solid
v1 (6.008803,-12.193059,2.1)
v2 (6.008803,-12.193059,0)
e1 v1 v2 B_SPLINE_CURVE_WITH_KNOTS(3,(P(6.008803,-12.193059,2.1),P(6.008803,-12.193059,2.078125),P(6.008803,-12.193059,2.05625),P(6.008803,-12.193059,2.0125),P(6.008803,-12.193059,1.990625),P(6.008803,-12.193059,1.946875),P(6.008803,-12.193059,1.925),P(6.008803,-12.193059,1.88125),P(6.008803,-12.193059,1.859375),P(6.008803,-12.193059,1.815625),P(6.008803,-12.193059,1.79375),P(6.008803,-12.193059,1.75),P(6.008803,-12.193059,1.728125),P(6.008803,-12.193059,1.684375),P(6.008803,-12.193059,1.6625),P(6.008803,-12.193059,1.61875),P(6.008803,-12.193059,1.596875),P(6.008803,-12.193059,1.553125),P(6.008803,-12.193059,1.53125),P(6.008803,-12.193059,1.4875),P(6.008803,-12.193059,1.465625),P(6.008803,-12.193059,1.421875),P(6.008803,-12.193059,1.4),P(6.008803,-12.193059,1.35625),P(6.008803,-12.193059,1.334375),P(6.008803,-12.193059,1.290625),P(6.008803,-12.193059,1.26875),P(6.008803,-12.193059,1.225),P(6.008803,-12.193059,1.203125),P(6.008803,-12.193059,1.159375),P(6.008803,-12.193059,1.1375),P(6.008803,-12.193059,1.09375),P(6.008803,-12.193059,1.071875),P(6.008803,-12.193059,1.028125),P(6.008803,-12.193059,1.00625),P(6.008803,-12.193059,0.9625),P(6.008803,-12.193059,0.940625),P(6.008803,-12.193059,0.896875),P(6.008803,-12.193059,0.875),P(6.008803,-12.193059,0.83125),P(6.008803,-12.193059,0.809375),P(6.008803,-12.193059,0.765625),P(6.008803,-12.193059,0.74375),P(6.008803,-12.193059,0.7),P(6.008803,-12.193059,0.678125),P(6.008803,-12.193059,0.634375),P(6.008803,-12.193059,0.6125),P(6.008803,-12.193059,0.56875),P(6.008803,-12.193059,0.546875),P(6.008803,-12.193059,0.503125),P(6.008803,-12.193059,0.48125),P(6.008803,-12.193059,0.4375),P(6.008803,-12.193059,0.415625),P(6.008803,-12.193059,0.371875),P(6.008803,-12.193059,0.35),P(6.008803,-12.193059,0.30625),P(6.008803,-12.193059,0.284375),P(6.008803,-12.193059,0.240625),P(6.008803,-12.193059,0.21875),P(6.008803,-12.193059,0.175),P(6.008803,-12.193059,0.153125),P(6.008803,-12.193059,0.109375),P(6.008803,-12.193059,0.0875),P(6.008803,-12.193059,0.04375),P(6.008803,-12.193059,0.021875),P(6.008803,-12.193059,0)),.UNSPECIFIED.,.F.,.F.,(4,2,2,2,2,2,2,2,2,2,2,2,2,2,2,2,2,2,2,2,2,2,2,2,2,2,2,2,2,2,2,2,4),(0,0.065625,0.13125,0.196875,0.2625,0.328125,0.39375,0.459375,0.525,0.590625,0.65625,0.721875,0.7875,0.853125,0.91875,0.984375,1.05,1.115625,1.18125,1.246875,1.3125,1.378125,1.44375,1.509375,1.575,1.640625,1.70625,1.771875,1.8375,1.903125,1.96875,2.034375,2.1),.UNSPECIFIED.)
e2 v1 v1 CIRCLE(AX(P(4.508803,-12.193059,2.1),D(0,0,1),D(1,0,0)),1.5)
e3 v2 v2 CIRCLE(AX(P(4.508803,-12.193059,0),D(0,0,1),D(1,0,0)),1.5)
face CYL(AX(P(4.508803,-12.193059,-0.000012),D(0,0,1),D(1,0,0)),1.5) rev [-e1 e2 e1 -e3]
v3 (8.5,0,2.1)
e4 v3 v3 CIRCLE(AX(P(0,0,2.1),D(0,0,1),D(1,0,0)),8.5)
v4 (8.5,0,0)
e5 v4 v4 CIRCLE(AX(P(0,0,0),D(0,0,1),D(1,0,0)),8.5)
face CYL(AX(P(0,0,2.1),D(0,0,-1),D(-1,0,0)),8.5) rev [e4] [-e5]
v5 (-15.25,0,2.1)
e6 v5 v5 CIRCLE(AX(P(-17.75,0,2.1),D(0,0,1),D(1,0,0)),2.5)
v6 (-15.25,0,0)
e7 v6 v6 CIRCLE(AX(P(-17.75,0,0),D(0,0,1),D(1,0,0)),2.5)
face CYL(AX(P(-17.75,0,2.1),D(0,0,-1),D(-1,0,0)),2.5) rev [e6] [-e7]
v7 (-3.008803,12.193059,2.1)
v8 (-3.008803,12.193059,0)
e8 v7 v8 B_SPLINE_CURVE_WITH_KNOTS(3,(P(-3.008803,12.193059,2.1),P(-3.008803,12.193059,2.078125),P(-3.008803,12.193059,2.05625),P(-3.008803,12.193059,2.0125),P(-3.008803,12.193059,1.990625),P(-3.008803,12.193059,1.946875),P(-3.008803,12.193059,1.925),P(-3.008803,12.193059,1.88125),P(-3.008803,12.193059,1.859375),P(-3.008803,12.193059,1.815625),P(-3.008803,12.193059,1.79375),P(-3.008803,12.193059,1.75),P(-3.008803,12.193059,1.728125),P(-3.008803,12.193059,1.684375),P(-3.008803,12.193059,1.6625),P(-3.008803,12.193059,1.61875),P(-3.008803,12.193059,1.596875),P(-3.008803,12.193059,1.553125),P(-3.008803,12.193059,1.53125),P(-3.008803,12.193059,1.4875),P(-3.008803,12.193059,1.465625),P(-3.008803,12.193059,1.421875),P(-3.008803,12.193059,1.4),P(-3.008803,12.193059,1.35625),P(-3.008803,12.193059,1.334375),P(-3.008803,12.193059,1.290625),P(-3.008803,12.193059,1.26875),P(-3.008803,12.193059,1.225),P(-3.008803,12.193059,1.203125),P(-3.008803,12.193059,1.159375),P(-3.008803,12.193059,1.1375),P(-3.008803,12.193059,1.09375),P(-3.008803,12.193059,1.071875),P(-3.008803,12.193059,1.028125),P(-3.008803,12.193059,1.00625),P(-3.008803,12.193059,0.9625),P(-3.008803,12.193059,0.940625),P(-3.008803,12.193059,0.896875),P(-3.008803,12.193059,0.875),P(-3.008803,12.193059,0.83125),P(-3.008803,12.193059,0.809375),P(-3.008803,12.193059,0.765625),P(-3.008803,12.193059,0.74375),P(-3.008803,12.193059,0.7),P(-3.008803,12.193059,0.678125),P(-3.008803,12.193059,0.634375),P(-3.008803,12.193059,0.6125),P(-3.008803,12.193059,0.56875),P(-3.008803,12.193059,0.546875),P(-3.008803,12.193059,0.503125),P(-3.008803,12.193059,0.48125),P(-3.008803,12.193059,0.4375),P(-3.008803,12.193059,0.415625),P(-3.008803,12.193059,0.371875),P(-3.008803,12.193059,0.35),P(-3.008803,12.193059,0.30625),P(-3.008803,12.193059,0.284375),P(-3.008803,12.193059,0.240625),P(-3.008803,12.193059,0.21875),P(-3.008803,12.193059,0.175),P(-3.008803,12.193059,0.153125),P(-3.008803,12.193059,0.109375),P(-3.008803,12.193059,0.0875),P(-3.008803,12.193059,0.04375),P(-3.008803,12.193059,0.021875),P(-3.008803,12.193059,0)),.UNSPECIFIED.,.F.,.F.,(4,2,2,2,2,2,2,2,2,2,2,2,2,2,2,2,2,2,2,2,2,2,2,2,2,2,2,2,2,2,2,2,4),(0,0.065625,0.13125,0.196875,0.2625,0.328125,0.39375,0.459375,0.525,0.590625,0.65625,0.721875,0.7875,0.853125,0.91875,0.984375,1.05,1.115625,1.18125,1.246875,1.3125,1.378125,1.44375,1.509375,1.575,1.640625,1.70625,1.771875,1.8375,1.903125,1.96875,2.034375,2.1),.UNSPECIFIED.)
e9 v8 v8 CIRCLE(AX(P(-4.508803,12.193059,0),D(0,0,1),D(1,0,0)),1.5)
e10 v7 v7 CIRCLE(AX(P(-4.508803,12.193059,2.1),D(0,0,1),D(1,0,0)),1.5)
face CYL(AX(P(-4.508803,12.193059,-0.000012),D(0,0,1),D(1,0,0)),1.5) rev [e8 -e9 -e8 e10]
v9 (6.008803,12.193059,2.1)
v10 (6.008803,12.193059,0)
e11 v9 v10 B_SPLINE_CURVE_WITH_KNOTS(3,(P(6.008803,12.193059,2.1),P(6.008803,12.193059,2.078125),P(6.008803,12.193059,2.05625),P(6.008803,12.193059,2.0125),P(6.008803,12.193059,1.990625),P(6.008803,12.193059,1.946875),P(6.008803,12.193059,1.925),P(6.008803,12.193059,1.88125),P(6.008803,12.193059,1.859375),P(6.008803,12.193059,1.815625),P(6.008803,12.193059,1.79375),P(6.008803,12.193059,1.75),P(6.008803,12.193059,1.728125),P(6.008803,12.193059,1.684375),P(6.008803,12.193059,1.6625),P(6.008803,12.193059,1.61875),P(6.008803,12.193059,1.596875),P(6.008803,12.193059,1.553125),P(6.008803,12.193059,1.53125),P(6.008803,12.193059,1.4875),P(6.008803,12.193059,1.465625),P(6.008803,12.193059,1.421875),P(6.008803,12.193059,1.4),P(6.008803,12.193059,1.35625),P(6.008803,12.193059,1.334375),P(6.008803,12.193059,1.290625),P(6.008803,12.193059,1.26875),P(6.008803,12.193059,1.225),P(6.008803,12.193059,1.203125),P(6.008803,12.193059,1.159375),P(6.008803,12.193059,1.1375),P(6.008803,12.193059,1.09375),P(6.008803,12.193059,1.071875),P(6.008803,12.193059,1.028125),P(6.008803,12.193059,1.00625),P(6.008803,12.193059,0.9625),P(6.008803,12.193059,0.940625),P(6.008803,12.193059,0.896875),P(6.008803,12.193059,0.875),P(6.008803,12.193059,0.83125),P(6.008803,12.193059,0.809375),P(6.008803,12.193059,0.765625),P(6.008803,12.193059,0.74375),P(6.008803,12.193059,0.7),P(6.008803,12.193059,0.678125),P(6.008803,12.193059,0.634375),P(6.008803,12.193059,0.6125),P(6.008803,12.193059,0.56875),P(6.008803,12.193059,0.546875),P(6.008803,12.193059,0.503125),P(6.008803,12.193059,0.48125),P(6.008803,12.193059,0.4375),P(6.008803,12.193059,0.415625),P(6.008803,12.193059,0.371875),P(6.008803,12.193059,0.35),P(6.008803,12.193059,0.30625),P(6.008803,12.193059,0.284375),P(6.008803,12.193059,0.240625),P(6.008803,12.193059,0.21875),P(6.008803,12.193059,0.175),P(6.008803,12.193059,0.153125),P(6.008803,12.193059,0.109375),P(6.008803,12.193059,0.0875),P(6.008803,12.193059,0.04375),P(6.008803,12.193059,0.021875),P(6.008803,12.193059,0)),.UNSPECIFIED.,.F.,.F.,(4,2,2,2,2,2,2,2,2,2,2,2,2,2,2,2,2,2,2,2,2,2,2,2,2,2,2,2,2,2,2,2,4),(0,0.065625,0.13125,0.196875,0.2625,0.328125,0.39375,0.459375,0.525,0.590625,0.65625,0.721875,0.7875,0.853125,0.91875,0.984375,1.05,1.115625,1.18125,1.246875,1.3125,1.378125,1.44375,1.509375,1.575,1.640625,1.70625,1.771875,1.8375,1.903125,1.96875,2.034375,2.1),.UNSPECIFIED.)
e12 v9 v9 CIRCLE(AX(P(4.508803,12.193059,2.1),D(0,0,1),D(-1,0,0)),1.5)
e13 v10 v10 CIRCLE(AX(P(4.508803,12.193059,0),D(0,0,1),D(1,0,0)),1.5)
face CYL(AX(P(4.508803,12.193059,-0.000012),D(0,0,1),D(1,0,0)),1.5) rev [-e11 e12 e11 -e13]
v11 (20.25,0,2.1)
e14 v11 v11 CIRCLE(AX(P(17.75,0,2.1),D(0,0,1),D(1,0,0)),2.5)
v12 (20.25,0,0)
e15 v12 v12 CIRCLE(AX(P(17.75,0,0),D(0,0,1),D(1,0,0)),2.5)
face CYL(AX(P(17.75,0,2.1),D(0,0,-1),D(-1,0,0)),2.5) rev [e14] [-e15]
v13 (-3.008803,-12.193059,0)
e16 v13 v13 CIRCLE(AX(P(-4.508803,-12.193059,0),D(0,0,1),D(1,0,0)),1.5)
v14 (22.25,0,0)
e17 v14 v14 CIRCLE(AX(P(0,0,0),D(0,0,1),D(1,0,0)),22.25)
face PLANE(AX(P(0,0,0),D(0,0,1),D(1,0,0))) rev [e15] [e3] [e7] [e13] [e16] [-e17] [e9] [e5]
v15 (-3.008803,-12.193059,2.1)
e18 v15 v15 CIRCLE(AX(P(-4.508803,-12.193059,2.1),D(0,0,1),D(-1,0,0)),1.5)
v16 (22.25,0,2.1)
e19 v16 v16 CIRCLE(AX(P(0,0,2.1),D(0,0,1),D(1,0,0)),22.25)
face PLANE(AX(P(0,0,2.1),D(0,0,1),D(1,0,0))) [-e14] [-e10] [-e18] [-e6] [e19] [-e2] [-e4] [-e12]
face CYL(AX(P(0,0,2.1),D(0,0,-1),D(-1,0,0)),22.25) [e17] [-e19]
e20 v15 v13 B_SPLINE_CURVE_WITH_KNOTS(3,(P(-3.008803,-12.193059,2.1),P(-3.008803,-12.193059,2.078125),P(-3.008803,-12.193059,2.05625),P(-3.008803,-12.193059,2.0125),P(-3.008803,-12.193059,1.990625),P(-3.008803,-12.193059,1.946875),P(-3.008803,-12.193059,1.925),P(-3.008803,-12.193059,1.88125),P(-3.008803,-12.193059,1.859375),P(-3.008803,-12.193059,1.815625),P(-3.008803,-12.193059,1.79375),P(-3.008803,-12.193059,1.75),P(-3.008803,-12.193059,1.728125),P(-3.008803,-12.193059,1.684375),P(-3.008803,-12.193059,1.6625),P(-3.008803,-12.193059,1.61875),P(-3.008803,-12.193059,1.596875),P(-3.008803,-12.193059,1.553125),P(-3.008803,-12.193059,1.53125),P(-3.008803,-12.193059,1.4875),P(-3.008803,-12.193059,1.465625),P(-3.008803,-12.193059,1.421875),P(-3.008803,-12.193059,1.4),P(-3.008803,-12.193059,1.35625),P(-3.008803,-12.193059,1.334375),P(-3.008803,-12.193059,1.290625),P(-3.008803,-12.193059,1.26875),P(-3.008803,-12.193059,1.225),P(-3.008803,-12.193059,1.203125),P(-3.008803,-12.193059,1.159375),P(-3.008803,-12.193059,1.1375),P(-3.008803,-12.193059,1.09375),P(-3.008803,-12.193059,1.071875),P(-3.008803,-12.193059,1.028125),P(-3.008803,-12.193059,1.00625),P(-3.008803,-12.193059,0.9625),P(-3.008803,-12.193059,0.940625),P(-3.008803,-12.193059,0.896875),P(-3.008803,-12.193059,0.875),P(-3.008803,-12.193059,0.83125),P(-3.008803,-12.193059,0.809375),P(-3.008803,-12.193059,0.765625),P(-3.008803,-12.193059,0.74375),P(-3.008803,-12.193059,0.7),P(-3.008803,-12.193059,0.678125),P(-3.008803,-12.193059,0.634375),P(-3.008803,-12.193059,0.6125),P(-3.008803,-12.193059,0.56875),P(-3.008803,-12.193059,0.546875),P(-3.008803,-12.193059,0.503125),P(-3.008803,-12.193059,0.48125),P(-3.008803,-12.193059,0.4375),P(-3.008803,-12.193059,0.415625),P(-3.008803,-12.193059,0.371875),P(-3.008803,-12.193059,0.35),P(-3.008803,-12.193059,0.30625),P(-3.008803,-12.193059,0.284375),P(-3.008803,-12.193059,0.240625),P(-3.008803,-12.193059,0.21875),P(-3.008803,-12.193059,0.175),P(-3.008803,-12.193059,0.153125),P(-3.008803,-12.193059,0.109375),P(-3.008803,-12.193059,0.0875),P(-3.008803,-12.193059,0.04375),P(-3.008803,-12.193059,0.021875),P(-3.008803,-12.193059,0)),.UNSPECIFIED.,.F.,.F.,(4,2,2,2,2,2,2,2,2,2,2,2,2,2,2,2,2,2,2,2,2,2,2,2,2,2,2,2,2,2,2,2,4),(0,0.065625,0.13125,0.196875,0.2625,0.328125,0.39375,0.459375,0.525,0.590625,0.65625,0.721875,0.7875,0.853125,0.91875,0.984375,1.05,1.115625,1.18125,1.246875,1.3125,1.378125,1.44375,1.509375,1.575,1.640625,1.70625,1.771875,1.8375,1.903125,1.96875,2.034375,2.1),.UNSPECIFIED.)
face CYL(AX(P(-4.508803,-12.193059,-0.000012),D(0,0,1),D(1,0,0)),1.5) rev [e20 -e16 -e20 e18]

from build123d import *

# Parameters (mm, degrees)
SKETCH1_R               = 22.25
SKETCH1_R_2             = 8.5
SKETCH1_R_3             = 2.5
BOSS_EXTRUDE1_DEPTH     = 2.1
CUT_EXTRUDE2_DEPTH      = 32.536248984
CUT_EXTRUDE2_DEPTH_BACK = 32.536248984
SKETCH3_R               = 1.5


with BuildPart() as part:
    # Sketch1 → Boss-Extrude1 (new body)
    with BuildSketch(Plane.XY):
        Circle(SKETCH1_R)
        Circle(SKETCH1_R_2, mode=Mode.SUBTRACT)
        with Locations((17.75, 0)):
            Circle(SKETCH1_R_3, mode=Mode.SUBTRACT)
        with Locations((-17.75, 0)):
            Circle(SKETCH1_R_3, mode=Mode.SUBTRACT)
    extrude(amount=BOSS_EXTRUDE1_DEPTH)

    # Sketch3 → Cut-Extrude2 (cut, two sides: drawn at the far end of the back side and taken through both)
    with BuildSketch(Plane.XY.offset(-CUT_EXTRUDE2_DEPTH_BACK)):
        with Locations((4.508802817, -12.193059385)):
            Circle(SKETCH3_R)
        with Locations((4.508802817, 12.193059385)):
            Circle(SKETCH3_R)
        with Locations((-4.508802817, -12.193059385)):
            Circle(SKETCH3_R)
        with Locations((-4.508802817, 12.193059385)):
            Circle(SKETCH3_R)
    extrude(amount=CUT_EXTRUDE2_DEPTH + CUT_EXTRUDE2_DEPTH_BACK, mode=Mode.SUBTRACT)


solid = part.part
